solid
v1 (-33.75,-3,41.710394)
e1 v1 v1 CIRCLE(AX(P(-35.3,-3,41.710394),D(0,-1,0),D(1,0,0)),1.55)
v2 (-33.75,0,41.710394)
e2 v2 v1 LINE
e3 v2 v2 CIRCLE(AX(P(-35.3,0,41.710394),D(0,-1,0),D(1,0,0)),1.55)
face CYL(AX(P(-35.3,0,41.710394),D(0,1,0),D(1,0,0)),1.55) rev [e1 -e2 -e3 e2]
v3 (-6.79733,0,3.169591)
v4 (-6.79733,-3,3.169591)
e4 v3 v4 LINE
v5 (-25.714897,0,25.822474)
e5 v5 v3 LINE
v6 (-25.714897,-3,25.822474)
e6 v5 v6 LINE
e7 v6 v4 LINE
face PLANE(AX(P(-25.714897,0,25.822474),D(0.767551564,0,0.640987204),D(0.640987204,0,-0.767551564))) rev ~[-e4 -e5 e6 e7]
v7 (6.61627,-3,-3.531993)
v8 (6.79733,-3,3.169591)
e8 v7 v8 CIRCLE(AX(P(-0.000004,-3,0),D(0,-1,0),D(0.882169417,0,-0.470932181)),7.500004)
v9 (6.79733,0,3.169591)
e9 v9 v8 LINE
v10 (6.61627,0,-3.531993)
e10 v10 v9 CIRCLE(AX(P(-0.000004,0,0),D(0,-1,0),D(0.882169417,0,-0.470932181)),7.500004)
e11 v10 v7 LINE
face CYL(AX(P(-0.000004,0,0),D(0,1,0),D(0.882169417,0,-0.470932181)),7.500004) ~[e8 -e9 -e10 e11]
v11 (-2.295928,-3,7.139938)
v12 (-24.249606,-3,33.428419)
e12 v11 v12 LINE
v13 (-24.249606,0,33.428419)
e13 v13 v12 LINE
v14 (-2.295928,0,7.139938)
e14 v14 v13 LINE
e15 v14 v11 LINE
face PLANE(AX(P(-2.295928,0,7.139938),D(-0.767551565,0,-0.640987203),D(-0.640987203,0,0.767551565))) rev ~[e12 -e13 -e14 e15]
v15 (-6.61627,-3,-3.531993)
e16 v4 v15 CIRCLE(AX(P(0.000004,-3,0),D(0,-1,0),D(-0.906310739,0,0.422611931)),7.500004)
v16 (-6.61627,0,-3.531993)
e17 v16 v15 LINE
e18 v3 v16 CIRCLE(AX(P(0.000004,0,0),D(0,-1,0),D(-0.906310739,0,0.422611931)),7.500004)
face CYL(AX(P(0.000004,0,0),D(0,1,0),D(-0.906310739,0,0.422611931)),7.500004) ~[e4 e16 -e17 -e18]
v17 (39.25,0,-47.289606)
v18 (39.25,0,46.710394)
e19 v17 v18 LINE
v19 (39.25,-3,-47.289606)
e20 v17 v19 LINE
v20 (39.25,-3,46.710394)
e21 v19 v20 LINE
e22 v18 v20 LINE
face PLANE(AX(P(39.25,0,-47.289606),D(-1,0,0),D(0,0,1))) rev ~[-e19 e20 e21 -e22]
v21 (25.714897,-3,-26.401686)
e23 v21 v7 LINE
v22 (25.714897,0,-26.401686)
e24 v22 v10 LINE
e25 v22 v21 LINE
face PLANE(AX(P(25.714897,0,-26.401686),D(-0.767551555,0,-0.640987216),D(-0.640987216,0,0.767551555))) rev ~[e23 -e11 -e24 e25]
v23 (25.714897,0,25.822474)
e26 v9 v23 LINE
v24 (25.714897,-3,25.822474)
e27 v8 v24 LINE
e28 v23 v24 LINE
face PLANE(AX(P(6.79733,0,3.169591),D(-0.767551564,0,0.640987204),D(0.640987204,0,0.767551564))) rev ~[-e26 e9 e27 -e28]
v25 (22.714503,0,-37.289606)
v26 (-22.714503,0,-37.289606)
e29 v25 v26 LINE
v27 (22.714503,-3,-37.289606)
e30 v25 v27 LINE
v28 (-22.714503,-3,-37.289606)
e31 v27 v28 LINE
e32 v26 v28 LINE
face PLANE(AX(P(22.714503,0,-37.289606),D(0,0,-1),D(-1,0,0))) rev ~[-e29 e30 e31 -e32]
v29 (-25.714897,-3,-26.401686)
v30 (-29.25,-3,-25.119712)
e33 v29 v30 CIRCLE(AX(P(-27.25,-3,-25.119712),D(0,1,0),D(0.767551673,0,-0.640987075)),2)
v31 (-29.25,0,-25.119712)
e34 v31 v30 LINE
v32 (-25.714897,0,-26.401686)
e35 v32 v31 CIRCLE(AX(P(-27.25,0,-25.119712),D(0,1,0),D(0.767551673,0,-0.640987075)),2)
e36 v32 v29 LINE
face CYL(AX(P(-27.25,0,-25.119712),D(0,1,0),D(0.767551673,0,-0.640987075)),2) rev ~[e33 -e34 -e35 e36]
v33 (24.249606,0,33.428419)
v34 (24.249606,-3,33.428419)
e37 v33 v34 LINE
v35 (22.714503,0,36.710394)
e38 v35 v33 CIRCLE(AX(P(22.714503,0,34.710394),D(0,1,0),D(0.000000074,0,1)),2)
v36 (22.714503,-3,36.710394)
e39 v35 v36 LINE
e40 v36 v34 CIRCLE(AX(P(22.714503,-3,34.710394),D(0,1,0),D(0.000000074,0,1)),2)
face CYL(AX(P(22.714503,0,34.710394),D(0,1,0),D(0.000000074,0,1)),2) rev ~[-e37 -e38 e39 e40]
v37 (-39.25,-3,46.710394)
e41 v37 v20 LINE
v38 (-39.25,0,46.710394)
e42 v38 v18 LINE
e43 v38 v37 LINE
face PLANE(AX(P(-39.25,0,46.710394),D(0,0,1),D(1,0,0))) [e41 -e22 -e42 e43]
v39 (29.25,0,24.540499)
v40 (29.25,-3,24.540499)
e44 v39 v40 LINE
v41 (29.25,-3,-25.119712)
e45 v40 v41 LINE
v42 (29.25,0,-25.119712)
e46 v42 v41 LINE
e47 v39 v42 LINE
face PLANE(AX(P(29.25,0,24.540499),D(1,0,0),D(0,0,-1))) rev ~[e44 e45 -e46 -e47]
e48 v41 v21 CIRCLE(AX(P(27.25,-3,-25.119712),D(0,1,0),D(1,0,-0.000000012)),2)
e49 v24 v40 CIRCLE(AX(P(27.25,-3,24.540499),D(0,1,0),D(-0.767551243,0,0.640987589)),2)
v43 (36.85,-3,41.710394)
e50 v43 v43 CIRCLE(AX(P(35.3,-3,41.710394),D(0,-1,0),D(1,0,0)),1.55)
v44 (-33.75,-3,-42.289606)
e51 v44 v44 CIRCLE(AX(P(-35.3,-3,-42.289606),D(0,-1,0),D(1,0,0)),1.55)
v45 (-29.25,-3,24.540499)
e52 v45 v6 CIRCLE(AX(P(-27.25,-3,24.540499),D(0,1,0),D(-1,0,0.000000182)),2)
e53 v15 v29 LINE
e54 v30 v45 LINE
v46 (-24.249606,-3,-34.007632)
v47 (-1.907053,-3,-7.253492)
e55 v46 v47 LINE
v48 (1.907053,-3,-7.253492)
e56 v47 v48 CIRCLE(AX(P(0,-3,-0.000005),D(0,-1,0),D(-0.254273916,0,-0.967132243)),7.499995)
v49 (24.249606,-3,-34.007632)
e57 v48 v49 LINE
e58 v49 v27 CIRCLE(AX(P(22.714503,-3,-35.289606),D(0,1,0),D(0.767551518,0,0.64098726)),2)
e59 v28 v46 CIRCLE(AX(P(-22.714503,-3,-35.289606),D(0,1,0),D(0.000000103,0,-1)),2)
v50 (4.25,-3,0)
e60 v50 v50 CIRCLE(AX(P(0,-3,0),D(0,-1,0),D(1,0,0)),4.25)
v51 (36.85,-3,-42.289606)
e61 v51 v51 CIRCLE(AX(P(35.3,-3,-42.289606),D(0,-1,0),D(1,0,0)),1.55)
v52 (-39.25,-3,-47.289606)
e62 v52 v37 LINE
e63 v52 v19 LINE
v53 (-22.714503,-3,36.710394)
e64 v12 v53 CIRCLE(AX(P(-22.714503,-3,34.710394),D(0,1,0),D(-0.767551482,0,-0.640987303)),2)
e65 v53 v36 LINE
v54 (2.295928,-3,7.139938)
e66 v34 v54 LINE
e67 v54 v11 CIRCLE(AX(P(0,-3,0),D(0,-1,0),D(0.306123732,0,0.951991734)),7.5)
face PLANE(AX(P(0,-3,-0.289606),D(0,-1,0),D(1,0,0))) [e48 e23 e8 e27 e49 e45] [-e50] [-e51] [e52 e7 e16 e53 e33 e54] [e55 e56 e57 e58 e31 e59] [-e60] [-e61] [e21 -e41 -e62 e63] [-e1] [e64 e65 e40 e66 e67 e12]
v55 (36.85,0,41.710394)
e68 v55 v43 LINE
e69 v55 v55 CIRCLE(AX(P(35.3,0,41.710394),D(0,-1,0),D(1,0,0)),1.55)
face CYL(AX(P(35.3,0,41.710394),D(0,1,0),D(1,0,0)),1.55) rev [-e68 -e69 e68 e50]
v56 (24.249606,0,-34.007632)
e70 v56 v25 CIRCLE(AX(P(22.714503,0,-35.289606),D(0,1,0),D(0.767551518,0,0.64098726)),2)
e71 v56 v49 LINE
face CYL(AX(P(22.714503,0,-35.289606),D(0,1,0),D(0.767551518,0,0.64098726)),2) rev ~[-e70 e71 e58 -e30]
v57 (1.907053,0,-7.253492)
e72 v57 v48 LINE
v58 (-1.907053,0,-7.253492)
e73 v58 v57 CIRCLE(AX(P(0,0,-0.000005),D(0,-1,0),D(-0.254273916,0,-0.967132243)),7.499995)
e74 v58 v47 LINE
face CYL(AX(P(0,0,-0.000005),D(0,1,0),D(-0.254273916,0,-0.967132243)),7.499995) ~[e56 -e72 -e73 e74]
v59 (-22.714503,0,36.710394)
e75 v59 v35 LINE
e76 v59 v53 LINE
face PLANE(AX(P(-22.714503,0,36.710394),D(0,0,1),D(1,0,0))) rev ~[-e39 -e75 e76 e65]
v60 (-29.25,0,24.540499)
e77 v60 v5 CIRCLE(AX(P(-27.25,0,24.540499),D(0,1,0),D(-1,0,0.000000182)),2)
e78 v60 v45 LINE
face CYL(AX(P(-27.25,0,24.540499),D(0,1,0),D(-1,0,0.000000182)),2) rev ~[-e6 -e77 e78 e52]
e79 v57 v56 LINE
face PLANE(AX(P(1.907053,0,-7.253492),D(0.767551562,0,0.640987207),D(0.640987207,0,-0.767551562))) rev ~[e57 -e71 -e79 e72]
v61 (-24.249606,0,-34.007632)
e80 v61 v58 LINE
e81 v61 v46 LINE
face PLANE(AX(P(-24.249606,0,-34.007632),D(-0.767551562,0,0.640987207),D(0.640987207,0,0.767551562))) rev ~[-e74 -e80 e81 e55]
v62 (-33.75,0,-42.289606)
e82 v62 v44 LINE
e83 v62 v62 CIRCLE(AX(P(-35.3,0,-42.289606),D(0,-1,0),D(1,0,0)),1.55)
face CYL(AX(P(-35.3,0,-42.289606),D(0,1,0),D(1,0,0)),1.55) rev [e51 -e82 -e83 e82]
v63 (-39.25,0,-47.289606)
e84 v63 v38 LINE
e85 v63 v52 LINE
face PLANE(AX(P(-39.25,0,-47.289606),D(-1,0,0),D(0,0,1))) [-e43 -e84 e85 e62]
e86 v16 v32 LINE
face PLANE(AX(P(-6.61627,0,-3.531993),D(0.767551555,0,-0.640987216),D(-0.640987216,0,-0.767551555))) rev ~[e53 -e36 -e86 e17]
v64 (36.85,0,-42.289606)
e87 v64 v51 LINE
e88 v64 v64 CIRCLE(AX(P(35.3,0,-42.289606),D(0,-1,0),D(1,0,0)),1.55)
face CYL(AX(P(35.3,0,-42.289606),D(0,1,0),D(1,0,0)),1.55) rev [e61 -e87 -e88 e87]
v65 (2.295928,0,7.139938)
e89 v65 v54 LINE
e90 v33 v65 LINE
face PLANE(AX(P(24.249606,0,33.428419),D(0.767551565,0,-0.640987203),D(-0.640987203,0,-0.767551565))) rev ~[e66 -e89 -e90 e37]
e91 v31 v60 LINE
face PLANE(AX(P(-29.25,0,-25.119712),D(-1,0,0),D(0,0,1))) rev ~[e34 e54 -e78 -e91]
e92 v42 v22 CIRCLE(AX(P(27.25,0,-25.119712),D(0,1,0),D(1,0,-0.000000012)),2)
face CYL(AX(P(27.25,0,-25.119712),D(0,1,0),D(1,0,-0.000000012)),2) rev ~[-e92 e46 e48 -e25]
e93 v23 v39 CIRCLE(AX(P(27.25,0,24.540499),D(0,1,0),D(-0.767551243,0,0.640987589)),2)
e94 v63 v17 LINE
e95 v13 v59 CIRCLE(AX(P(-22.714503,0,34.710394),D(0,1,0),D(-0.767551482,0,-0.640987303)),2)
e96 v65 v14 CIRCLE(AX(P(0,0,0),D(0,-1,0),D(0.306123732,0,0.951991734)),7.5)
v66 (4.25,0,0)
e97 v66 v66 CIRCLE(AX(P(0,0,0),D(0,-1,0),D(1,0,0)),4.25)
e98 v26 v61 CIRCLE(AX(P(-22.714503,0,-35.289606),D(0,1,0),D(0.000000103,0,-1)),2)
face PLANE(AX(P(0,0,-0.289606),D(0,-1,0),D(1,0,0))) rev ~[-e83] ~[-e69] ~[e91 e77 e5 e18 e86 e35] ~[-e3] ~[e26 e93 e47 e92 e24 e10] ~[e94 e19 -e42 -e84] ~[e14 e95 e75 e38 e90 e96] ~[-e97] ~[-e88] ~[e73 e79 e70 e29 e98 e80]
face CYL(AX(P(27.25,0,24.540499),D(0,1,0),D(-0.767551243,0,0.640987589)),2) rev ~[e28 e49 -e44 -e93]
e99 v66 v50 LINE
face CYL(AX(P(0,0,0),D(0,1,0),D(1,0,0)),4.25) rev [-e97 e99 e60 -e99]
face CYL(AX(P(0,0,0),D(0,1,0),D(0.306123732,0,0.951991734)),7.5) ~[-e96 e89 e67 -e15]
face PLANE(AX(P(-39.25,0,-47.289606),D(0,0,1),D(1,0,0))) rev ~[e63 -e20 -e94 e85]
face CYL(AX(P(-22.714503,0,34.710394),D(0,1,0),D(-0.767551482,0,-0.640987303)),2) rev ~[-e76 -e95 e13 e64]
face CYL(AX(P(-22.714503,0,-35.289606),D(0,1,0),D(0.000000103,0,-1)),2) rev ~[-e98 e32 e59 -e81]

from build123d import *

# Parameters (mm, degrees)
F0_W     = 78.5
F0_H     = 94
F0_R     = 1.55
F0_R_2   = 4.25
F1_DEPTH = 3


with BuildPart() as f1:
    # F0 (on Front) → F1 (new body)
    with BuildSketch(Plane.XZ):
        with Locations((0, -0.289606)):
            Rectangle(F0_W, F0_H)
        with Locations((-35.3, -42.289606)):
            Circle(F0_R, mode=Mode.SUBTRACT)
        with Locations((35.3, -42.289606)):
            Circle(F0_R, mode=Mode.SUBTRACT)
        with BuildLine():
            Line((-24.249606, -34.007632), (-1.907053, -7.253492))
            ThreePointArc((-1.907053, -7.253492), (0, -7.5), (1.907053, -7.253492))
            Line((1.907053, -7.253492), (24.249606, -34.007632))
            ThreePointArc((24.249606, -34.007632), (24.526125, -36.13697), (22.714503, -37.289606))
            Line((22.714503, -37.289606), (-22.714503, -37.289606))
            ThreePointArc((-22.714503, -37.289606), (-24.526125, -36.13697), (-24.249606, -34.007632))
        make_face(mode=Mode.SUBTRACT)
        with BuildLine():
            Line((-29.25, -25.119712), (-29.25, 24.540499))
            ThreePointArc((-29.25, 24.540499), (-27.931833, 26.420686), (-25.714897, 25.822474))
            Line((-25.714897, 25.822474), (-6.79733, 3.169591))
            ThreePointArc((-6.79733, 3.169591), (-7.497264, -0.202557), (-6.61627, -3.531993))
            Line((-6.61627, -3.531993), (-25.714897, -26.401686))
            ThreePointArc((-25.714897, -26.401686), (-27.931833, -26.999899), (-29.25, -25.119712))
        make_face(mode=Mode.SUBTRACT)
        with Locations((-35.3, 41.710394)):
            Circle(F0_R, mode=Mode.SUBTRACT)
        Circle(F0_R_2, mode=Mode.SUBTRACT)
        with BuildLine():
            ThreePointArc((6.61627, -3.531993), (7.497264, -0.202557), (6.79733, 3.169591))
            Line((6.79733, 3.169591), (25.714897, 25.822474))
            ThreePointArc((25.714897, 25.822474), (27.931833, 26.420686), (29.25, 24.540499))
            Line((29.25, 24.540499), (29.25, -25.119712))
            ThreePointArc((29.25, -25.119712), (27.931833, -26.999899), (25.714897, -26.401686))
            Line((25.714897, -26.401686), (6.61627, -3.531993))
        make_face(mode=Mode.SUBTRACT)
        with BuildLine():
            ThreePointArc((-24.249606, 33.428419), (-24.526125, 35.557758), (-22.714503, 36.710394))
            Line((-22.714503, 36.710394), (22.714503, 36.710394))
            ThreePointArc((22.714503, 36.710394), (24.526125, 35.557758), (24.249606, 33.428419))
            Line((24.249606, 33.428419), (2.295928, 7.139938))
            ThreePointArc((2.295928, 7.139938), (0, 7.5), (-2.295928, 7.139938))
            Line((-2.295928, 7.139938), (-24.249606, 33.428419))
        make_face(mode=Mode.SUBTRACT)
        with Locations((35.3, 41.710394)):
            Circle(F0_R, mode=Mode.SUBTRACT)
    extrude(amount=F1_DEPTH)


solid = f1.part
